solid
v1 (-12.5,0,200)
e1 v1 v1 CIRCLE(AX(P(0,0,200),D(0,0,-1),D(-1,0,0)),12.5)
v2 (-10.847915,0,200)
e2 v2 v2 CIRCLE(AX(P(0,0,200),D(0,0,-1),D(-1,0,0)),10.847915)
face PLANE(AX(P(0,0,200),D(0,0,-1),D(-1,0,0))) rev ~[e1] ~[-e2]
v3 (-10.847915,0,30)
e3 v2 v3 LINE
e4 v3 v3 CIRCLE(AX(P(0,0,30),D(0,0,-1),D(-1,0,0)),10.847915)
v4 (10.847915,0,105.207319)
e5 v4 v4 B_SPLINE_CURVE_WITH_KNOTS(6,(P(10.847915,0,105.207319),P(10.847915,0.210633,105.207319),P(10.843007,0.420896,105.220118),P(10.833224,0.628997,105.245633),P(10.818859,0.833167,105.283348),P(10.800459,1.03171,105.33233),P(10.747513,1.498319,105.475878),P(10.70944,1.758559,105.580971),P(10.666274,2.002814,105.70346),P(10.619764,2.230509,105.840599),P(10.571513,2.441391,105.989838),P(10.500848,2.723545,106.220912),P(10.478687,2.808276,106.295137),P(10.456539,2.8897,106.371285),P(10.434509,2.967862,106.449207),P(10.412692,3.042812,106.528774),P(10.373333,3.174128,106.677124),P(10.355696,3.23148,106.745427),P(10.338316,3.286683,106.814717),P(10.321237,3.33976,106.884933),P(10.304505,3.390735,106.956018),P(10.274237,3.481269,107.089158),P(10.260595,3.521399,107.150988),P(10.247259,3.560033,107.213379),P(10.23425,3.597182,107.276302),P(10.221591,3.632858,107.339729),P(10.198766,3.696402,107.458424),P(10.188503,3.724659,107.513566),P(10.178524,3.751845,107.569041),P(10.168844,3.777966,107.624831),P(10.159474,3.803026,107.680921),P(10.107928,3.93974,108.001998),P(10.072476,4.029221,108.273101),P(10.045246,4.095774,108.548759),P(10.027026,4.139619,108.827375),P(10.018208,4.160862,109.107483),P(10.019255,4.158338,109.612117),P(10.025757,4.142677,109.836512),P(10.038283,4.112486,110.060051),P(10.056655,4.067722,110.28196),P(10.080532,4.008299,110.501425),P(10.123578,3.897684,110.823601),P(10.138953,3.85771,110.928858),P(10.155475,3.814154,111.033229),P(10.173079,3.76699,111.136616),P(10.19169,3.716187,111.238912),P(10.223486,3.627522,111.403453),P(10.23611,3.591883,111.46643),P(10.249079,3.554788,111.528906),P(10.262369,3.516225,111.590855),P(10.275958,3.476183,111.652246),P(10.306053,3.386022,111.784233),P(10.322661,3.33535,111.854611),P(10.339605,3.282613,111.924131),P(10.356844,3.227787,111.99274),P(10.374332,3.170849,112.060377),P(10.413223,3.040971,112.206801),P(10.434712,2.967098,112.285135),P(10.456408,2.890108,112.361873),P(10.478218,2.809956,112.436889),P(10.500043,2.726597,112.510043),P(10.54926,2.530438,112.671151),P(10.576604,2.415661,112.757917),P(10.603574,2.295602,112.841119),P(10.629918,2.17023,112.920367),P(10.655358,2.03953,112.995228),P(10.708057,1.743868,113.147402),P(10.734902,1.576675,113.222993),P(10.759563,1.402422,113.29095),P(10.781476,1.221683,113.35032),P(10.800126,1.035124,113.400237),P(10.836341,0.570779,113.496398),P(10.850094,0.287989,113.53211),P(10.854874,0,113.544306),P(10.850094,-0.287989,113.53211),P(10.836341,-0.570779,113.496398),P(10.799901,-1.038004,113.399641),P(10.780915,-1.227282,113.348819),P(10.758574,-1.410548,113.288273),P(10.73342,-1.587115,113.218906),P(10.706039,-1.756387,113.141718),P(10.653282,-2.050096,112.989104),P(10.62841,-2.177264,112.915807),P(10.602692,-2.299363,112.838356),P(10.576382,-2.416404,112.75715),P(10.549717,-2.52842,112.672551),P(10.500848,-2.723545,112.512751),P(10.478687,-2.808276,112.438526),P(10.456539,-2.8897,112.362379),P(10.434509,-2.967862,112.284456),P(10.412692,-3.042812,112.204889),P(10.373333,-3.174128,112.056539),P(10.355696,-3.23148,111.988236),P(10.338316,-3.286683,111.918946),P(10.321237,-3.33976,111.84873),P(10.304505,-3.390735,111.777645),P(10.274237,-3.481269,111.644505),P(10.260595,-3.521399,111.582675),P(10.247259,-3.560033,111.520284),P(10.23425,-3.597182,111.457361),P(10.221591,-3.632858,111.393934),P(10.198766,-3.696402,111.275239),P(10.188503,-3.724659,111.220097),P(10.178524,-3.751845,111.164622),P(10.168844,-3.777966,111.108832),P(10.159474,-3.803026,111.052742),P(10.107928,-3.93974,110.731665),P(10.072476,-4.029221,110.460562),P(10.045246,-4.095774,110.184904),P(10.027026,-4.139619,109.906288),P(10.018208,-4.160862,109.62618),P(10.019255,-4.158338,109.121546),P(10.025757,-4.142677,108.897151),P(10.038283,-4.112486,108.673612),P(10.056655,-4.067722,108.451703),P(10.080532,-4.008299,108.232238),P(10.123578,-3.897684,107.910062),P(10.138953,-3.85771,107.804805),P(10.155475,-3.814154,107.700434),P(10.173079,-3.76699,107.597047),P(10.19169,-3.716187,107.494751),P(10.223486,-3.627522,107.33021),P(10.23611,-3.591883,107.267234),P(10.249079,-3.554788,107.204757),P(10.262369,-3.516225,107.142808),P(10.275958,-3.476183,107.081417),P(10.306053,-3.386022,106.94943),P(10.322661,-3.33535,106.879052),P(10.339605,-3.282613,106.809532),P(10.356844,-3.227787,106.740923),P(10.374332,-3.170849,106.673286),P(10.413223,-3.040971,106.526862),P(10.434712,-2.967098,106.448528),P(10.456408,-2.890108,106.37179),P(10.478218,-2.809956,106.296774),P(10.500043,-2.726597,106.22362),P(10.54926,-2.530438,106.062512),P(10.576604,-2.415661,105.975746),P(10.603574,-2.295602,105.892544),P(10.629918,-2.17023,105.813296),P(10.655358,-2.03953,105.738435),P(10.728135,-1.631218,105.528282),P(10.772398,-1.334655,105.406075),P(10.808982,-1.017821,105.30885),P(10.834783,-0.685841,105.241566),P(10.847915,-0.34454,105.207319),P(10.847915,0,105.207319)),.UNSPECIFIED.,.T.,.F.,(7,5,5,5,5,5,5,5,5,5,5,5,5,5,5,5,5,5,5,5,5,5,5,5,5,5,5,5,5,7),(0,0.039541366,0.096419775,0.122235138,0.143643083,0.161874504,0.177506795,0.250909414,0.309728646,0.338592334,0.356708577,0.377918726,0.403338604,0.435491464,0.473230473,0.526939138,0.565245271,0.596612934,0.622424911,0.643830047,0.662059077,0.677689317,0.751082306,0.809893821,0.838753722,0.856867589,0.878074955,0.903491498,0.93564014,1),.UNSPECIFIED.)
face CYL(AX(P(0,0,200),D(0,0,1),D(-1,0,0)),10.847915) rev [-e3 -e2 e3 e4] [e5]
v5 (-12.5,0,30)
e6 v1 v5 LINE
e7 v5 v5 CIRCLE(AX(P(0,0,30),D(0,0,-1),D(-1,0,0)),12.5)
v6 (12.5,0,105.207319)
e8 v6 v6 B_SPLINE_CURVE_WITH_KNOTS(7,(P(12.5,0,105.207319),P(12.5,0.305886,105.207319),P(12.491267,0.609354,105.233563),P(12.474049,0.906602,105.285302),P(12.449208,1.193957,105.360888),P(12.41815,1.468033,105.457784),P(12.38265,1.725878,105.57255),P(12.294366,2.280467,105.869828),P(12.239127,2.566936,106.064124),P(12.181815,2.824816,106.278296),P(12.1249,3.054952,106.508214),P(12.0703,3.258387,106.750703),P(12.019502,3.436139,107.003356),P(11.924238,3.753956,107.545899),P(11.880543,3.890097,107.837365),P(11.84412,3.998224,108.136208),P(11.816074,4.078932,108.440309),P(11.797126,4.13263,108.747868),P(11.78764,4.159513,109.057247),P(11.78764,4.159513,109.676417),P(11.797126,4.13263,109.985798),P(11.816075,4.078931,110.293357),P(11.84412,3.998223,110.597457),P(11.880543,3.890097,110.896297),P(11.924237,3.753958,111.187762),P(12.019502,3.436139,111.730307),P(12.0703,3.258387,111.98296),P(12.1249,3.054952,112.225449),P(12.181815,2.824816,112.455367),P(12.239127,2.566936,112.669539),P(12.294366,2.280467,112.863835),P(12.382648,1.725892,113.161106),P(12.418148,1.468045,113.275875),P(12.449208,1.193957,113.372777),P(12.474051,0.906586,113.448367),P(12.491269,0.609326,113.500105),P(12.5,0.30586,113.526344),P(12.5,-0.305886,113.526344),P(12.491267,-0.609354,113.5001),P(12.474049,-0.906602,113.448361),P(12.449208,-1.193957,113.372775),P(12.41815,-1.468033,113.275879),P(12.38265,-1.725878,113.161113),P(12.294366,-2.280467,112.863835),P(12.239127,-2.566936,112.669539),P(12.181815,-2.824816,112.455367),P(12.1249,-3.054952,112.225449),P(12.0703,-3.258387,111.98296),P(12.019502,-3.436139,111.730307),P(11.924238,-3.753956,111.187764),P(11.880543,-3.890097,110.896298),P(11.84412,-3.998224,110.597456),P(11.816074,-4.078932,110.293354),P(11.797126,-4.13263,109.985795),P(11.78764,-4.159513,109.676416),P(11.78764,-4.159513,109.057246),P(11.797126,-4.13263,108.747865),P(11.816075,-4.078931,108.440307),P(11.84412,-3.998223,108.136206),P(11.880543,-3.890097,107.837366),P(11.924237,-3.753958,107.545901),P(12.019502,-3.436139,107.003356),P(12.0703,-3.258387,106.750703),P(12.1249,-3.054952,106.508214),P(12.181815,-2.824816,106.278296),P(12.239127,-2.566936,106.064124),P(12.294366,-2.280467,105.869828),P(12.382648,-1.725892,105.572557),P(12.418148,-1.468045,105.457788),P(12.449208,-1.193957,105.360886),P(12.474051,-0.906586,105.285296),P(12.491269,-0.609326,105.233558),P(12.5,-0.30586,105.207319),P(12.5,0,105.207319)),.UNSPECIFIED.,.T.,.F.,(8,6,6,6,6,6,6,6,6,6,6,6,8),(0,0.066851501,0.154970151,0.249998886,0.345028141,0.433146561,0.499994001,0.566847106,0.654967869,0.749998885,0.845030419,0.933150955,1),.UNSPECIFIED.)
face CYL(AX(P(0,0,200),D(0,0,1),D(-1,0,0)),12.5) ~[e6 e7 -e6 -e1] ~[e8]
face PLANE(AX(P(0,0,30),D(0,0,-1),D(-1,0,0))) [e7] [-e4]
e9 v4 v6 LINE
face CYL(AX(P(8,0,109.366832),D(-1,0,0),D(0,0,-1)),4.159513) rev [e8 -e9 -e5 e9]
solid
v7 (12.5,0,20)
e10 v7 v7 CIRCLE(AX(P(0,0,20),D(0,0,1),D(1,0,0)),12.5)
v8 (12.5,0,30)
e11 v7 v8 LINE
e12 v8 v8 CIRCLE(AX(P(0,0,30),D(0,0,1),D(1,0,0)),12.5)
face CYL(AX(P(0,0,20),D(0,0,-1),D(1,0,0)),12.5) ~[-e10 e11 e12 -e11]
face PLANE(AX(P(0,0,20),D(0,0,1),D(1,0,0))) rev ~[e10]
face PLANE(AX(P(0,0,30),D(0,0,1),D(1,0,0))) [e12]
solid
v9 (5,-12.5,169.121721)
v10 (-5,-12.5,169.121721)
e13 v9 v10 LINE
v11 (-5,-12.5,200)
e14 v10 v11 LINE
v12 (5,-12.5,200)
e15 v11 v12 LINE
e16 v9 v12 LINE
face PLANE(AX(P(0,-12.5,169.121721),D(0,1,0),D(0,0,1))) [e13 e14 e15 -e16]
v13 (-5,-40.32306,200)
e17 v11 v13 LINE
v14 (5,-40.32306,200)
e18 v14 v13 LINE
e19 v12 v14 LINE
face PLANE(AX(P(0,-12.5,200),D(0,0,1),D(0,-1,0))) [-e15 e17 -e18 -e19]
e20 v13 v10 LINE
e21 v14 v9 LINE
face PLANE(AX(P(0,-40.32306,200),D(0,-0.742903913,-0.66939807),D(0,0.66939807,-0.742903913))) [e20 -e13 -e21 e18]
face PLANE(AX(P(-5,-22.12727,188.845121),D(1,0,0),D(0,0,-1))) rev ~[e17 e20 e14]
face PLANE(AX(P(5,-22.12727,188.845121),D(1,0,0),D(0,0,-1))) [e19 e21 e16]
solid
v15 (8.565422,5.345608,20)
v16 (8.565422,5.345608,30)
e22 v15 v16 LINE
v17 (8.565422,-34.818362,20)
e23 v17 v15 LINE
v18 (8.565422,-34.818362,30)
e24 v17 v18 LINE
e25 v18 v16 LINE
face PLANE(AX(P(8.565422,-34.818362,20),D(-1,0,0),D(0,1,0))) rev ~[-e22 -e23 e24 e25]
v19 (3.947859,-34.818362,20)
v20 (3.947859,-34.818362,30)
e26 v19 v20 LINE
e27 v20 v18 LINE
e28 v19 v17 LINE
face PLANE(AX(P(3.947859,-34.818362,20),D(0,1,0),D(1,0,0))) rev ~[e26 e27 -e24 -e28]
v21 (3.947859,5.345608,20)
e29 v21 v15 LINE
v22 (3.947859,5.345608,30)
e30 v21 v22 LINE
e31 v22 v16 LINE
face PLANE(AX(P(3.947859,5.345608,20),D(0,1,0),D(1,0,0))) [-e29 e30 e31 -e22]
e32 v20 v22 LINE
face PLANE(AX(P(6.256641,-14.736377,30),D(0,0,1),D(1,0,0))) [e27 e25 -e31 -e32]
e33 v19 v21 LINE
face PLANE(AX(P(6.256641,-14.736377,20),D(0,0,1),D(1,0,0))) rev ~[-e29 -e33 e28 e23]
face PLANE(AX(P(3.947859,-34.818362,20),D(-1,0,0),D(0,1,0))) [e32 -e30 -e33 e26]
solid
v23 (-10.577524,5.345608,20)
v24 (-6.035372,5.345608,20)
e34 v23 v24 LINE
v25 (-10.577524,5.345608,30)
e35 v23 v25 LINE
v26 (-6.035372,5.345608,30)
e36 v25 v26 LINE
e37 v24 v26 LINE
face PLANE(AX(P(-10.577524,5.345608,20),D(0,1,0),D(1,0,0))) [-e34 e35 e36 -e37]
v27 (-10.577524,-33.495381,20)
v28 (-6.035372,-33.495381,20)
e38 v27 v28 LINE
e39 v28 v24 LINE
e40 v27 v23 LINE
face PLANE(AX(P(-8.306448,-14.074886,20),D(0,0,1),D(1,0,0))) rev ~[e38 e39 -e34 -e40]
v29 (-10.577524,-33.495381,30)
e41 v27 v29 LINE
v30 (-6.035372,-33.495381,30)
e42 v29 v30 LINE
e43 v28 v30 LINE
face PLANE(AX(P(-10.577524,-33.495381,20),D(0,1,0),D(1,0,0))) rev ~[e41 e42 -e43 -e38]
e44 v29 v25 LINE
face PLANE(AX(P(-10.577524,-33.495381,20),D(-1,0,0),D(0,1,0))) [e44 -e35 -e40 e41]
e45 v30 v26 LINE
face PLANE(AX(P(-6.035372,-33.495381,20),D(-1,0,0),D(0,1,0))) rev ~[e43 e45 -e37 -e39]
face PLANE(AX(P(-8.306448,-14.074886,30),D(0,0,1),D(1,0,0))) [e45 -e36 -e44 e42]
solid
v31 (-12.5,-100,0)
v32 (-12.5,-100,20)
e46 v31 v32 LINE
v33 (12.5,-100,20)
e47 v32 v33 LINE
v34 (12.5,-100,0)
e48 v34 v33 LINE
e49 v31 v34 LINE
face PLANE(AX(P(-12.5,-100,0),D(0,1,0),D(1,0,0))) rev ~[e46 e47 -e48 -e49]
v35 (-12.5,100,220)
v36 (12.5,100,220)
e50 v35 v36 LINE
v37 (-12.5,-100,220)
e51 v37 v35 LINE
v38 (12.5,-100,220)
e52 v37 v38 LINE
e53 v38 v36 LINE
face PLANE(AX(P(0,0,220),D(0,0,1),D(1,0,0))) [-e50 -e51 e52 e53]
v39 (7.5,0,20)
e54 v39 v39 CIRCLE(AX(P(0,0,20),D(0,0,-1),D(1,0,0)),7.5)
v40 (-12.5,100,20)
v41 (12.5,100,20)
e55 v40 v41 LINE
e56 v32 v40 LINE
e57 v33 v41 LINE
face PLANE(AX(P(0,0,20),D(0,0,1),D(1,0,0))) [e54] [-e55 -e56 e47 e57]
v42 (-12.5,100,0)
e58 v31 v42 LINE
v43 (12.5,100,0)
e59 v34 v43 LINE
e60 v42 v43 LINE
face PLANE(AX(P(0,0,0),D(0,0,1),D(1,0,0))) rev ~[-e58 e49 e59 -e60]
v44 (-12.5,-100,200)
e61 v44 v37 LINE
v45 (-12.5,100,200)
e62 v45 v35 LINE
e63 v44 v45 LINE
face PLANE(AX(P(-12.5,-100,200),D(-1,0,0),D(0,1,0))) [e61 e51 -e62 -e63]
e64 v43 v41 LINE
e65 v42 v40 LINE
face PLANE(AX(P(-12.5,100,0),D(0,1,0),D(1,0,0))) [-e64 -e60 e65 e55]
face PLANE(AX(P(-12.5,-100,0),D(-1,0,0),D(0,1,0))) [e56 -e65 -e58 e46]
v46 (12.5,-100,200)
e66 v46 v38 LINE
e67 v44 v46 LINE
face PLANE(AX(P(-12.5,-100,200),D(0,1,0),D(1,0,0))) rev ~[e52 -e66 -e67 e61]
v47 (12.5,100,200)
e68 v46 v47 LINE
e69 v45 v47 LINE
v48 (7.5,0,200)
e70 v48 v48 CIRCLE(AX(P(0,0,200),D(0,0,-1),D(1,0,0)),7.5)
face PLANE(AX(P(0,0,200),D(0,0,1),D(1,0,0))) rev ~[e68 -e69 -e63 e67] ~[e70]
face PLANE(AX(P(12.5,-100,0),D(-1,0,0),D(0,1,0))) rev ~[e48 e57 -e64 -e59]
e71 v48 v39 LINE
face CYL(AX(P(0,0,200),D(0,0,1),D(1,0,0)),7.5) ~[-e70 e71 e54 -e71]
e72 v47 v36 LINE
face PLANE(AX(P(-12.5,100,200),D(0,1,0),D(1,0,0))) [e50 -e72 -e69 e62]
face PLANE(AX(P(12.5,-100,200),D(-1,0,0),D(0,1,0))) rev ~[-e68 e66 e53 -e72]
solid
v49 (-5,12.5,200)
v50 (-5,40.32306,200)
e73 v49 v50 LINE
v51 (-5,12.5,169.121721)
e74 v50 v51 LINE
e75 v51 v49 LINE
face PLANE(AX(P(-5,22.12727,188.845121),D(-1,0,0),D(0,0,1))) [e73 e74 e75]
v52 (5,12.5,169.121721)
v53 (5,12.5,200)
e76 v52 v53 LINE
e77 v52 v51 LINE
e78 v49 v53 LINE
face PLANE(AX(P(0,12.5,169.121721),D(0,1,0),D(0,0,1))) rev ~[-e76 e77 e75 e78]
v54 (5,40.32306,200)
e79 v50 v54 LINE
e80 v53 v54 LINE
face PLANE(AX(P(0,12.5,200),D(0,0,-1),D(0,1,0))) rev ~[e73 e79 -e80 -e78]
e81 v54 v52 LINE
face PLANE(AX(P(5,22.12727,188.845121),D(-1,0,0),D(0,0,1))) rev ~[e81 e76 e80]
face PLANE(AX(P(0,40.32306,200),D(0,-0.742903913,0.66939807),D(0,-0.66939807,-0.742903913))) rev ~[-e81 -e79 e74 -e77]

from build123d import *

# Parameters (mm, degrees)
SKETCH1_W              = 25
SKETCH1_H              = 200
BOSS_EXTRUDE1_DEPTH    = 20
BOSS_EXTRUDE2_START    = 200
SKETCH1_2_W            = 25
SKETCH1_2_H            = 200
BOSS_EXTRUDE2_DEPTH    = 20
SKETCH3_R              = 7.5
BOSS_EXTRUDE4_DEPTH    = 180
SKETCH4_R              = 12.5
SKETCH4_R_2            = 10.847914671
BOSS_EXTRUDE6_DEPTH    = 170
CUT_EXTRUDE1_START     = 8
SKETCH5_R              = 4.15951276
CUT_EXTRUDE1_DEPTH     = 206
SKETCH9_R              = 12.5
BOSS_EXTRUDE7_DEPTH    = 10
SKETCH10_W             = 4.542152159
SKETCH10_H             = 38.840988947
BOSS_EXTRUDE8_DEPTH    = 10
SKETCH10_W_2           = 4.617563116
SKETCH10_H_2           = 40.163970658
BOSS_EXTRUDE8_2_DEPTH  = 10
BOSS_EXTRUDE10_DEPTH   = 5
BOSS_EXTRUDE10_2_DEPTH = 5


with BuildPart() as part:
    # Sketch1 → Boss-Extrude1 (new body)
    with BuildSketch(Plane.XY):
        Rectangle(SKETCH1_W, SKETCH1_H)
    extrude(amount=BOSS_EXTRUDE1_DEPTH)



with BuildPart() as body_2:
    # Sketch1<2> → Boss-Extrude2 (new body)
    with BuildSketch(Plane.XY.offset(BOSS_EXTRUDE2_START)):
        Rectangle(SKETCH1_2_W, SKETCH1_2_H)
    extrude(amount=BOSS_EXTRUDE2_DEPTH)


with BuildPart() as part_1:
    add(part.part)

    add(body_2.part)  # Boss-Extrude4 merges body 2
    # Sketch3 → Boss-Extrude4 (add)
    with BuildSketch(Plane(origin=(0, 0, 200), x_dir=(-1, 0, 0), z_dir=(0, 0, -1))):
        with Locations(Location((0, 0, 0), (0, 0, 180))):
            Circle(SKETCH3_R)
    extrude(amount=BOSS_EXTRUDE4_DEPTH)


with BuildPart() as body_2_2:
    # Sketch4 → Boss-Extrude6 (new body)
    with BuildSketch(Plane(origin=(0, 0, 200), x_dir=(-1, 0, 0), z_dir=(0, 0, -1))):
        Circle(SKETCH4_R)
        Circle(SKETCH4_R_2, mode=Mode.SUBTRACT)
    extrude(amount=BOSS_EXTRUDE6_DEPTH)

    # Sketch5 → Cut-Extrude1 (cut)
    with BuildSketch(Plane(origin=(0, 0, 0), x_dir=(0, 0, -1), z_dir=(1, 0, 0)).offset(CUT_EXTRUDE1_START)):
        with Locations((-109.366831525, 0)):
            Circle(SKETCH5_R)
    extrude(amount=CUT_EXTRUDE1_DEPTH, mode=Mode.SUBTRACT)


with BuildPart() as body_3:
    # Sketch9 → Boss-Extrude7 (new body)
    with BuildSketch(Plane.XY.offset(20)):
        Circle(SKETCH9_R)
    extrude(amount=BOSS_EXTRUDE7_DEPTH)


with BuildPart() as body_4:
    # Sketch10 → Boss-Extrude8 (new body)
    with BuildSketch(Plane.XY.offset(20)):
        with Locations((-8.306447613, -14.074886259)):
            Rectangle(SKETCH10_W, SKETCH10_H)
    extrude(amount=BOSS_EXTRUDE8_DEPTH)


with BuildPart() as body_5:
    # Sketch10 → Boss-Extrude8 2 (new body)
    with BuildSketch(Plane.XY.offset(20)):
        with Locations((6.256640597, -14.736377114)):
            Rectangle(SKETCH10_W_2, SKETCH10_H_2)
    extrude(amount=BOSS_EXTRUDE8_2_DEPTH)


with BuildPart() as body_6:
    # Sketch13 → Boss-Extrude10 (new, symmetric)
    with BuildSketch(Plane(origin=(0, 0, 0), x_dir=(0, 0, -1), z_dir=(1, 0, 0))):
        Polygon((-200, 40.323059988), (-169.121721381, 12.5), (-200, 12.5), align=None)
    extrude(amount=BOSS_EXTRUDE10_DEPTH, both=True)


with BuildPart() as body_7:
    # Sketch13 → Boss-Extrude10 2 (new, symmetric)
    with BuildSketch(Plane(origin=(0, 0, 0), x_dir=(0, 0, -1), z_dir=(1, 0, 0))):
        Polygon((-169.121721381, -12.5), (-200, -12.5), (-200, -40.323059988), align=None)
    extrude(amount=BOSS_EXTRUDE10_2_DEPTH, both=True)


solid = Compound([part_1.part, body_2_2.part, body_3.part, body_4.part, body_5.part, body_6.part, body_7.part])
